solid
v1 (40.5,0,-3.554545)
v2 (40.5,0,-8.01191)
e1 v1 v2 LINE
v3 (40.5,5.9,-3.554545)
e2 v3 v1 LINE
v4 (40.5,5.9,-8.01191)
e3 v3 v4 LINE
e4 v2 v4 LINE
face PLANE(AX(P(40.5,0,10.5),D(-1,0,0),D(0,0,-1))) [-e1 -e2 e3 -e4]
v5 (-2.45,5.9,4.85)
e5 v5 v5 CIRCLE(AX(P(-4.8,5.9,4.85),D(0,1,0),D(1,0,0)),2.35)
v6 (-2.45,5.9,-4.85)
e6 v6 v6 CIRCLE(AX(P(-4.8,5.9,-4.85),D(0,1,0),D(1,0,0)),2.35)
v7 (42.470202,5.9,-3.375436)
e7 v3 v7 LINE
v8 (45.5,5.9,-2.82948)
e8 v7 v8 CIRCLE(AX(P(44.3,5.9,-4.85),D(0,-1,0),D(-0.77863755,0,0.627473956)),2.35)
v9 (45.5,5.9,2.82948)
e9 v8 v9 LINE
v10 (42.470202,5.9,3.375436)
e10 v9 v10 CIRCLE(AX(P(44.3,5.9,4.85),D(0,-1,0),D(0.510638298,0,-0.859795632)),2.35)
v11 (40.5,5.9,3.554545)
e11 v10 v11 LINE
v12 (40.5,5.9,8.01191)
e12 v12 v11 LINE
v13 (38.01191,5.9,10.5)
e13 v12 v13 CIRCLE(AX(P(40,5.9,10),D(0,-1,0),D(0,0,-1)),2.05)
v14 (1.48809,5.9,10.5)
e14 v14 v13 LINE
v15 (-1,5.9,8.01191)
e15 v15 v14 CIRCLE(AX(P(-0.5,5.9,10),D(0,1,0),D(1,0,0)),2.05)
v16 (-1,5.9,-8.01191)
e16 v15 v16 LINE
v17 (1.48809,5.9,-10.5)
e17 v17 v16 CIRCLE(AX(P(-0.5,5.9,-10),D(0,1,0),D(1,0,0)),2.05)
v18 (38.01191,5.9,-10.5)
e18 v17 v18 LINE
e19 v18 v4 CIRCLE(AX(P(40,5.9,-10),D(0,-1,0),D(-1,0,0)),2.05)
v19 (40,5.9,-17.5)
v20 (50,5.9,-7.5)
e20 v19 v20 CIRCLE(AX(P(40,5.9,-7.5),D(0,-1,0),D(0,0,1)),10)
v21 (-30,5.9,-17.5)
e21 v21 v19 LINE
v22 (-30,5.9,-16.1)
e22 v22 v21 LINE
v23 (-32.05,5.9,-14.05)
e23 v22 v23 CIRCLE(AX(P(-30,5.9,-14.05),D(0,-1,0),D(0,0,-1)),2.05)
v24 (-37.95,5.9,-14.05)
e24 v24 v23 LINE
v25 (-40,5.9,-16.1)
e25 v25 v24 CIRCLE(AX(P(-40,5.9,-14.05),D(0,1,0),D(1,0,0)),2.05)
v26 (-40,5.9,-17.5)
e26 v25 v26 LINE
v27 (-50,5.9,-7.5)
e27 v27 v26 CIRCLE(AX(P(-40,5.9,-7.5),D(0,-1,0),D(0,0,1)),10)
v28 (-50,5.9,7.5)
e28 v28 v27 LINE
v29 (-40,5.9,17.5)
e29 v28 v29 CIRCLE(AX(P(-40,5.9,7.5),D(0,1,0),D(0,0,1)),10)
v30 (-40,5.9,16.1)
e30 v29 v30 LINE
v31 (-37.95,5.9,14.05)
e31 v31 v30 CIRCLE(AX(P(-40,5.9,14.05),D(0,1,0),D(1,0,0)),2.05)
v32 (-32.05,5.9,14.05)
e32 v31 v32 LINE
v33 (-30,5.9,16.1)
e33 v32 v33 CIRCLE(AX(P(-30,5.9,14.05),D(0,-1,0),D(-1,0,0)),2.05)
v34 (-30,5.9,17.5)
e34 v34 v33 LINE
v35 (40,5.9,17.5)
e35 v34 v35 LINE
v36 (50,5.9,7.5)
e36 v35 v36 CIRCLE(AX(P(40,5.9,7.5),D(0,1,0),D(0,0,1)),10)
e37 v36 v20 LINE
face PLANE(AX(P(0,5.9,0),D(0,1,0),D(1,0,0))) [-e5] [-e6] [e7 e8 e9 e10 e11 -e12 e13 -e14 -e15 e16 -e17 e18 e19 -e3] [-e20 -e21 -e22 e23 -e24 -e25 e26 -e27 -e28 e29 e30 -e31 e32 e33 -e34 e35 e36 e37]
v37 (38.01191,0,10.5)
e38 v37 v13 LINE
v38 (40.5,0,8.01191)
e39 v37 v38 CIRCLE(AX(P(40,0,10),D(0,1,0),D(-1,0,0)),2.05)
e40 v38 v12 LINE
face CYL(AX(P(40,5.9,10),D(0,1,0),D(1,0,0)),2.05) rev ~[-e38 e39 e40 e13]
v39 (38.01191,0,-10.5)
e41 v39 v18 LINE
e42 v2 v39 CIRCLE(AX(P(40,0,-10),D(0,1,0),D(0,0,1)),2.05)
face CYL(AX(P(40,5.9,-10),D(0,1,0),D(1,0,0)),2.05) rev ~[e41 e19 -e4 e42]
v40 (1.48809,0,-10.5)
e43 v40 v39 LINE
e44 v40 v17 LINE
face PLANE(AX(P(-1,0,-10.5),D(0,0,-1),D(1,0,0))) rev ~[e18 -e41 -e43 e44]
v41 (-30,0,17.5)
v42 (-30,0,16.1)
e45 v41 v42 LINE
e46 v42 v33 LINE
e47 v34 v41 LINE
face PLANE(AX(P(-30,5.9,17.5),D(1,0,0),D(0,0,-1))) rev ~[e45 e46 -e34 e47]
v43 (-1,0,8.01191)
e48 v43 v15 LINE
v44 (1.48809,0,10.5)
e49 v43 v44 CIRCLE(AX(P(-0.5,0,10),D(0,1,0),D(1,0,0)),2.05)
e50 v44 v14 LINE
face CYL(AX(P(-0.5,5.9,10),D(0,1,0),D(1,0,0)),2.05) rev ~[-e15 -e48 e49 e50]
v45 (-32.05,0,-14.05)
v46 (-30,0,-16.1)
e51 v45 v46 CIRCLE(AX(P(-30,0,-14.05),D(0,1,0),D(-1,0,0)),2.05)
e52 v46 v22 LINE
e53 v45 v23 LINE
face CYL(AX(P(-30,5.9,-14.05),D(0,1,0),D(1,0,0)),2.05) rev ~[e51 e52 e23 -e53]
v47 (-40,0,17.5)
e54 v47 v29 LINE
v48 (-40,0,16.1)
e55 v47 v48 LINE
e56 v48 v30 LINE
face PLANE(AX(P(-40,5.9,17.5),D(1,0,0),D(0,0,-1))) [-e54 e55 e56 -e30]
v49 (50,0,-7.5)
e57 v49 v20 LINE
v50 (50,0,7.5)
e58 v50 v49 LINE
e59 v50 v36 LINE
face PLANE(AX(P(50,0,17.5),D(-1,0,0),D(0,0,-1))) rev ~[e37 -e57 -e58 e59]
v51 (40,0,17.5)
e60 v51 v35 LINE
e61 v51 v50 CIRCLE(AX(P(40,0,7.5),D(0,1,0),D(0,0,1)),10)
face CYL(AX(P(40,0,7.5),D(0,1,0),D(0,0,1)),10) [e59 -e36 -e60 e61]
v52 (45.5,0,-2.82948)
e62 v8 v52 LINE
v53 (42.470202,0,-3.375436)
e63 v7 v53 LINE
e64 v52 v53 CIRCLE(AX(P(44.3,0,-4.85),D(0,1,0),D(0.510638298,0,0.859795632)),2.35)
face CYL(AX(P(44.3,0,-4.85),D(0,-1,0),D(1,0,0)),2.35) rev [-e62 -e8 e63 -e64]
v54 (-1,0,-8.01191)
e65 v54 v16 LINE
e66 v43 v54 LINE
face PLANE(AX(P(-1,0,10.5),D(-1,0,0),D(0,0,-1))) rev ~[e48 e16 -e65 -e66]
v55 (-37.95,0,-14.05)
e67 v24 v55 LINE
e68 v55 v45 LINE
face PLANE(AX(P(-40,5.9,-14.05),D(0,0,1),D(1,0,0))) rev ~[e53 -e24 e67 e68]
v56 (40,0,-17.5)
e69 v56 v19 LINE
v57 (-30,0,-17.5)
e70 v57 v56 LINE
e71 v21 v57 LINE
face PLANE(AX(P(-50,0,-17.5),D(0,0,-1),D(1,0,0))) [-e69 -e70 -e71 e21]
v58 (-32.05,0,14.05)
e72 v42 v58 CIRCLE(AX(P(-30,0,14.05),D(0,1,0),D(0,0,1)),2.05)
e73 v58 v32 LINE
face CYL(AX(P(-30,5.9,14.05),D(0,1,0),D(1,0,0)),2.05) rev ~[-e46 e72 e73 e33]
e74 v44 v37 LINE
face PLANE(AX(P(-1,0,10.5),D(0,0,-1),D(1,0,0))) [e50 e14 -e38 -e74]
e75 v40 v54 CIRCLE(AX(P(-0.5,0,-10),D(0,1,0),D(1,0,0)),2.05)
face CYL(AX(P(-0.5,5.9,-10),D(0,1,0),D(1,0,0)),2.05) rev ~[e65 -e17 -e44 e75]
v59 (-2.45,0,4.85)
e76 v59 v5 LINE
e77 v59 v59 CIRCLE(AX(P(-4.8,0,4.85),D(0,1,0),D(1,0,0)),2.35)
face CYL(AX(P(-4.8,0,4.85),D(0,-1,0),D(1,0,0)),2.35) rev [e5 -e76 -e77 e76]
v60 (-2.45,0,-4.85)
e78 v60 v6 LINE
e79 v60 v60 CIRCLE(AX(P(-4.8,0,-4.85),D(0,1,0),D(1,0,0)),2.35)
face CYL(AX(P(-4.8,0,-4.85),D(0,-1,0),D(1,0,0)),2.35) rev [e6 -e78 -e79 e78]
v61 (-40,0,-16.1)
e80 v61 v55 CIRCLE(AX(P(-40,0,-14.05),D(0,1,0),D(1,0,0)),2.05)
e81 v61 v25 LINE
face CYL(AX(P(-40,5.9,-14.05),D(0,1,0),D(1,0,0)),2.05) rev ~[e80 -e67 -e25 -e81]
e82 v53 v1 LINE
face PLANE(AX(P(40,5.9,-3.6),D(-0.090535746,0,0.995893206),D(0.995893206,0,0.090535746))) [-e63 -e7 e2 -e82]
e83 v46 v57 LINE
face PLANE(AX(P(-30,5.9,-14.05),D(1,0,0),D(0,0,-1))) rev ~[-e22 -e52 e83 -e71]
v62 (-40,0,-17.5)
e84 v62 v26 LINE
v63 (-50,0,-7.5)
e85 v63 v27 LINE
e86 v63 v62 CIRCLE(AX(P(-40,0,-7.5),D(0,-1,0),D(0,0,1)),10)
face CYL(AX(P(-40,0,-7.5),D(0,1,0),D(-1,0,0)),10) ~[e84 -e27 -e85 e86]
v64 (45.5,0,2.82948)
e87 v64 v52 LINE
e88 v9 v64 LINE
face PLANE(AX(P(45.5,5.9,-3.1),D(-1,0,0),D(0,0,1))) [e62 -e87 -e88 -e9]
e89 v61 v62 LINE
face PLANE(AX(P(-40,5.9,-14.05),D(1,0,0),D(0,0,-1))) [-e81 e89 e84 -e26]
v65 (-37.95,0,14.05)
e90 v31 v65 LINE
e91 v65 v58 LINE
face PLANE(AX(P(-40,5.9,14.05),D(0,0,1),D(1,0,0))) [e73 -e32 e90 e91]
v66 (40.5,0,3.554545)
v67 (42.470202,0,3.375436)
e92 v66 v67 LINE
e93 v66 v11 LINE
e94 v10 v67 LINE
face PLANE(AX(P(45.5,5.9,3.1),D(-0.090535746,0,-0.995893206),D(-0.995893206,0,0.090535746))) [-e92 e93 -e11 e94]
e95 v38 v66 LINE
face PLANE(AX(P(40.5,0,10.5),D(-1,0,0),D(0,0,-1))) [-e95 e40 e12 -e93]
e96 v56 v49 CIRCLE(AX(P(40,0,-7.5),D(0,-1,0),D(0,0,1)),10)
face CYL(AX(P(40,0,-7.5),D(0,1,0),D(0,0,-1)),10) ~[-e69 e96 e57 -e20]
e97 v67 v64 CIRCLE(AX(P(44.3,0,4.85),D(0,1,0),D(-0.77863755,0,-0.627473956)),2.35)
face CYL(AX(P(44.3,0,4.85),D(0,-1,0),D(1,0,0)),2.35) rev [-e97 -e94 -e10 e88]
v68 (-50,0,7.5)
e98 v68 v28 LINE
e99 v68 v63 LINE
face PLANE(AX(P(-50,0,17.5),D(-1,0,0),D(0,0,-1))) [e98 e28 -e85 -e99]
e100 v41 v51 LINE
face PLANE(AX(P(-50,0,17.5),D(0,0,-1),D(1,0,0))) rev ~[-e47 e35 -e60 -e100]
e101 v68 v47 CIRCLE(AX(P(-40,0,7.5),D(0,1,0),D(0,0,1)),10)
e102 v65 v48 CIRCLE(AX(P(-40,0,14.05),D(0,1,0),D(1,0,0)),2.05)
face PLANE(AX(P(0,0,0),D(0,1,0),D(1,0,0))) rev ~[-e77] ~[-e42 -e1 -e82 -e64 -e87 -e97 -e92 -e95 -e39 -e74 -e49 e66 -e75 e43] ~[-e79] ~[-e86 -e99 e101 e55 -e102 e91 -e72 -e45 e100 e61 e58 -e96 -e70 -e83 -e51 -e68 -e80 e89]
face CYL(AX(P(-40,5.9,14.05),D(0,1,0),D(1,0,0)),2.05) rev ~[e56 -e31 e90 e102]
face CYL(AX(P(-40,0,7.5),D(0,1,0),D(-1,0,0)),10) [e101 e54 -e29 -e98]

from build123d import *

# Parameters (mm, degrees)
SKETCH1_W           = 100
SKETCH1_H           = 35
SKETCH1_R           = 2.35
SKETCH1_W_2         = 40.5
SKETCH1_H_2         = 20
BOSS_EXTRUDE1_DEPTH = 5.9
FILLET1_R           = 10
SKETCH3_W           = 10
SKETCH3_H           = 3.45
CUT_EXTRUDE2_DEPTH  = 10
CUT_EXTRUDE3_REACH  = 7.9
SKETCH4_R           = 2.05
CUT_EXTRUDE4_REACH  = 7.9
CUT_EXTRUDE5_START  = -5.9
SKETCH7_W           = 41.5
SKETCH7_H           = 21
CUT_EXTRUDE5_DEPTH  = 5.9


with BuildPart() as part:
    # Sketch1 → Boss-Extrude1 (new body)
    with BuildSketch(Plane(origin=(0, 0, 0), x_dir=(1, 0, 0), z_dir=(0, 1, 0))):
        Rectangle(SKETCH1_W, SKETCH1_H)
        with Locations((-4.8, 4.85)):
            Circle(SKETCH1_R, mode=Mode.SUBTRACT)
        with Locations((-4.8, -4.85)):
            Circle(SKETCH1_R, mode=Mode.SUBTRACT)
        with Locations((44.3, -4.85)):
            Circle(SKETCH1_R, mode=Mode.SUBTRACT)
        with Locations((44.3, 4.85)):
            Circle(SKETCH1_R, mode=Mode.SUBTRACT)
        with Locations((19.75, 0)):
            Rectangle(SKETCH1_W_2, SKETCH1_H_2, mode=Mode.SUBTRACT)
    extrude(amount=BOSS_EXTRUDE1_DEPTH)

    # Fillet1
    fillet1_edges = [part.edges().sort_by_distance(p)[0] for p in [
        (50, 2.95, 17.5),
        (-50, 2.95, 17.5),
        (-50, 2.95, -17.5),
        (50, 2.95, -17.5),
    ]]
    fillet(fillet1_edges, radius=FILLET1_R)

    # Sketch3 → Cut-Extrude2 (cut)
    with BuildSketch(Plane(origin=(0, 5.9, 0), x_dir=(1, 0, 0), z_dir=(0, 1, 0))):
        with Locations((-35, 15.775)):
            Rectangle(SKETCH3_W, SKETCH3_H)
        with Locations((-35, -15.775)):
            Rectangle(SKETCH3_W, SKETCH3_H)
    extrude(amount=-CUT_EXTRUDE2_DEPTH, mode=Mode.SUBTRACT)

    # Sketch4 → Cut-Extrude3 (cut, up to next)
    with BuildSketch(Plane(origin=(0, 5.9, 0), x_dir=(1, 0, 0), z_dir=(0, 1, 0)), mode=Mode.PRIVATE) as cut_extrude3_sk1:
        with Locations((-30, 14.05)):
            Circle(SKETCH4_R)
    cut_extrude3_tool1 = extrude(cut_extrude3_sk1.sketch, amount=-CUT_EXTRUDE3_REACH, mode=Mode.PRIVATE) & part.part
    add(cut_extrude3_tool1.solids().sort_by_distance((-30, 5.9, -14.05))[0], mode=Mode.SUBTRACT)
    # Sketch4 → Cut-Extrude3 (cut, up to next)
    with BuildSketch(Plane(origin=(0, 5.9, 0), x_dir=(1, 0, 0), z_dir=(0, 1, 0)), mode=Mode.PRIVATE) as cut_extrude3_sk2:
        with Locations((-40, 14.05)):
            Circle(SKETCH4_R)
    cut_extrude3_tool2 = extrude(cut_extrude3_sk2.sketch, amount=-CUT_EXTRUDE3_REACH, mode=Mode.PRIVATE) & part.part
    add(cut_extrude3_tool2.solids().sort_by_distance((-40, 5.9, -14.05))[0], mode=Mode.SUBTRACT)
    # Sketch4 → Cut-Extrude3 (cut, up to next)
    with BuildSketch(Plane(origin=(0, 5.9, 0), x_dir=(1, 0, 0), z_dir=(0, 1, 0)), mode=Mode.PRIVATE) as cut_extrude3_sk3:
        with Locations((-40, -14.05)):
            Circle(SKETCH4_R)
    cut_extrude3_tool3 = extrude(cut_extrude3_sk3.sketch, amount=-CUT_EXTRUDE3_REACH, mode=Mode.PRIVATE) & part.part
    add(cut_extrude3_tool3.solids().sort_by_distance((-40, 5.9, 14.05))[0], mode=Mode.SUBTRACT)
    # Sketch4 → Cut-Extrude3 (cut, up to next)
    with BuildSketch(Plane(origin=(0, 5.9, 0), x_dir=(1, 0, 0), z_dir=(0, 1, 0)), mode=Mode.PRIVATE) as cut_extrude3_sk4:
        with Locations((-30, -14.05)):
            Circle(SKETCH4_R)
    cut_extrude3_tool4 = extrude(cut_extrude3_sk4.sketch, amount=-CUT_EXTRUDE3_REACH, mode=Mode.PRIVATE) & part.part
    add(cut_extrude3_tool4.solids().sort_by_distance((-30, 5.9, 14.05))[0], mode=Mode.SUBTRACT)
    # Sketch4 → Cut-Extrude3 (cut, up to next)
    with BuildSketch(Plane(origin=(0, 5.9, 0), x_dir=(1, 0, 0), z_dir=(0, 1, 0)), mode=Mode.PRIVATE) as cut_extrude3_sk5:
        with Locations((-0.5, 10)):
            Circle(SKETCH4_R)
    cut_extrude3_tool5 = extrude(cut_extrude3_sk5.sketch, amount=-CUT_EXTRUDE3_REACH, mode=Mode.PRIVATE) & part.part
    add(cut_extrude3_tool5.solids().sort_by_distance((-0.5, 5.9, -10))[0], mode=Mode.SUBTRACT)
    # Sketch4 → Cut-Extrude3 (cut, up to next)
    with BuildSketch(Plane(origin=(0, 5.9, 0), x_dir=(1, 0, 0), z_dir=(0, 1, 0)), mode=Mode.PRIVATE) as cut_extrude3_sk6:
        with Locations((-0.5, -10)):
            Circle(SKETCH4_R)
    cut_extrude3_tool6 = extrude(cut_extrude3_sk6.sketch, amount=-CUT_EXTRUDE3_REACH, mode=Mode.PRIVATE) & part.part
    add(cut_extrude3_tool6.solids().sort_by_distance((-0.5, 5.9, 10))[0], mode=Mode.SUBTRACT)
    # Sketch4 → Cut-Extrude3 (cut, up to next)
    with BuildSketch(Plane(origin=(0, 5.9, 0), x_dir=(1, 0, 0), z_dir=(0, 1, 0)), mode=Mode.PRIVATE) as cut_extrude3_sk7:
        with Locations((40, -10)):
            Circle(SKETCH4_R)
    cut_extrude3_tool7 = extrude(cut_extrude3_sk7.sketch, amount=-CUT_EXTRUDE3_REACH, mode=Mode.PRIVATE) & part.part
    add(cut_extrude3_tool7.solids().sort_by_distance((40, 5.9, 10))[0], mode=Mode.SUBTRACT)
    # Sketch4 → Cut-Extrude3 (cut, up to next)
    with BuildSketch(Plane(origin=(0, 5.9, 0), x_dir=(1, 0, 0), z_dir=(0, 1, 0)), mode=Mode.PRIVATE) as cut_extrude3_sk8:
        with Locations((40, 10)):
            Circle(SKETCH4_R)
    cut_extrude3_tool8 = extrude(cut_extrude3_sk8.sketch, amount=-CUT_EXTRUDE3_REACH, mode=Mode.PRIVATE) & part.part
    add(cut_extrude3_tool8.solids().sort_by_distance((40, 5.9, -10))[0], mode=Mode.SUBTRACT)

    # Sketch6 → Cut-Extrude4 (cut, up to next)
    with BuildSketch(Plane(origin=(0, 5.9, 0), x_dir=(1, 0, 0), z_dir=(0, 1, 0)), mode=Mode.PRIVATE) as cut_extrude4_sk1:
        Polygon((40, -3.1), (40, 3.1), (40, 3.6), (45.5, 3.1), (45.5, -3.1), (40, -3.6), align=None)
    cut_extrude4_tool1 = extrude(cut_extrude4_sk1.sketch, amount=-CUT_EXTRUDE4_REACH, mode=Mode.PRIVATE) & part.part
    add(cut_extrude4_tool1.solids().sort_by_distance((42.681592, 5.9, 0))[0], mode=Mode.SUBTRACT)

    # Sketch7 → Cut-Extrude5 (cut)
    with BuildSketch(Plane(origin=(0, 5.9, 0), x_dir=(1, 0, 0), z_dir=(0, 1, 0)).offset(CUT_EXTRUDE5_START)):
        with Locations((19.75, 0)):
            Rectangle(SKETCH7_W, SKETCH7_H)
    extrude(amount=CUT_EXTRUDE5_DEPTH, mode=Mode.SUBTRACT)


solid = part.part
